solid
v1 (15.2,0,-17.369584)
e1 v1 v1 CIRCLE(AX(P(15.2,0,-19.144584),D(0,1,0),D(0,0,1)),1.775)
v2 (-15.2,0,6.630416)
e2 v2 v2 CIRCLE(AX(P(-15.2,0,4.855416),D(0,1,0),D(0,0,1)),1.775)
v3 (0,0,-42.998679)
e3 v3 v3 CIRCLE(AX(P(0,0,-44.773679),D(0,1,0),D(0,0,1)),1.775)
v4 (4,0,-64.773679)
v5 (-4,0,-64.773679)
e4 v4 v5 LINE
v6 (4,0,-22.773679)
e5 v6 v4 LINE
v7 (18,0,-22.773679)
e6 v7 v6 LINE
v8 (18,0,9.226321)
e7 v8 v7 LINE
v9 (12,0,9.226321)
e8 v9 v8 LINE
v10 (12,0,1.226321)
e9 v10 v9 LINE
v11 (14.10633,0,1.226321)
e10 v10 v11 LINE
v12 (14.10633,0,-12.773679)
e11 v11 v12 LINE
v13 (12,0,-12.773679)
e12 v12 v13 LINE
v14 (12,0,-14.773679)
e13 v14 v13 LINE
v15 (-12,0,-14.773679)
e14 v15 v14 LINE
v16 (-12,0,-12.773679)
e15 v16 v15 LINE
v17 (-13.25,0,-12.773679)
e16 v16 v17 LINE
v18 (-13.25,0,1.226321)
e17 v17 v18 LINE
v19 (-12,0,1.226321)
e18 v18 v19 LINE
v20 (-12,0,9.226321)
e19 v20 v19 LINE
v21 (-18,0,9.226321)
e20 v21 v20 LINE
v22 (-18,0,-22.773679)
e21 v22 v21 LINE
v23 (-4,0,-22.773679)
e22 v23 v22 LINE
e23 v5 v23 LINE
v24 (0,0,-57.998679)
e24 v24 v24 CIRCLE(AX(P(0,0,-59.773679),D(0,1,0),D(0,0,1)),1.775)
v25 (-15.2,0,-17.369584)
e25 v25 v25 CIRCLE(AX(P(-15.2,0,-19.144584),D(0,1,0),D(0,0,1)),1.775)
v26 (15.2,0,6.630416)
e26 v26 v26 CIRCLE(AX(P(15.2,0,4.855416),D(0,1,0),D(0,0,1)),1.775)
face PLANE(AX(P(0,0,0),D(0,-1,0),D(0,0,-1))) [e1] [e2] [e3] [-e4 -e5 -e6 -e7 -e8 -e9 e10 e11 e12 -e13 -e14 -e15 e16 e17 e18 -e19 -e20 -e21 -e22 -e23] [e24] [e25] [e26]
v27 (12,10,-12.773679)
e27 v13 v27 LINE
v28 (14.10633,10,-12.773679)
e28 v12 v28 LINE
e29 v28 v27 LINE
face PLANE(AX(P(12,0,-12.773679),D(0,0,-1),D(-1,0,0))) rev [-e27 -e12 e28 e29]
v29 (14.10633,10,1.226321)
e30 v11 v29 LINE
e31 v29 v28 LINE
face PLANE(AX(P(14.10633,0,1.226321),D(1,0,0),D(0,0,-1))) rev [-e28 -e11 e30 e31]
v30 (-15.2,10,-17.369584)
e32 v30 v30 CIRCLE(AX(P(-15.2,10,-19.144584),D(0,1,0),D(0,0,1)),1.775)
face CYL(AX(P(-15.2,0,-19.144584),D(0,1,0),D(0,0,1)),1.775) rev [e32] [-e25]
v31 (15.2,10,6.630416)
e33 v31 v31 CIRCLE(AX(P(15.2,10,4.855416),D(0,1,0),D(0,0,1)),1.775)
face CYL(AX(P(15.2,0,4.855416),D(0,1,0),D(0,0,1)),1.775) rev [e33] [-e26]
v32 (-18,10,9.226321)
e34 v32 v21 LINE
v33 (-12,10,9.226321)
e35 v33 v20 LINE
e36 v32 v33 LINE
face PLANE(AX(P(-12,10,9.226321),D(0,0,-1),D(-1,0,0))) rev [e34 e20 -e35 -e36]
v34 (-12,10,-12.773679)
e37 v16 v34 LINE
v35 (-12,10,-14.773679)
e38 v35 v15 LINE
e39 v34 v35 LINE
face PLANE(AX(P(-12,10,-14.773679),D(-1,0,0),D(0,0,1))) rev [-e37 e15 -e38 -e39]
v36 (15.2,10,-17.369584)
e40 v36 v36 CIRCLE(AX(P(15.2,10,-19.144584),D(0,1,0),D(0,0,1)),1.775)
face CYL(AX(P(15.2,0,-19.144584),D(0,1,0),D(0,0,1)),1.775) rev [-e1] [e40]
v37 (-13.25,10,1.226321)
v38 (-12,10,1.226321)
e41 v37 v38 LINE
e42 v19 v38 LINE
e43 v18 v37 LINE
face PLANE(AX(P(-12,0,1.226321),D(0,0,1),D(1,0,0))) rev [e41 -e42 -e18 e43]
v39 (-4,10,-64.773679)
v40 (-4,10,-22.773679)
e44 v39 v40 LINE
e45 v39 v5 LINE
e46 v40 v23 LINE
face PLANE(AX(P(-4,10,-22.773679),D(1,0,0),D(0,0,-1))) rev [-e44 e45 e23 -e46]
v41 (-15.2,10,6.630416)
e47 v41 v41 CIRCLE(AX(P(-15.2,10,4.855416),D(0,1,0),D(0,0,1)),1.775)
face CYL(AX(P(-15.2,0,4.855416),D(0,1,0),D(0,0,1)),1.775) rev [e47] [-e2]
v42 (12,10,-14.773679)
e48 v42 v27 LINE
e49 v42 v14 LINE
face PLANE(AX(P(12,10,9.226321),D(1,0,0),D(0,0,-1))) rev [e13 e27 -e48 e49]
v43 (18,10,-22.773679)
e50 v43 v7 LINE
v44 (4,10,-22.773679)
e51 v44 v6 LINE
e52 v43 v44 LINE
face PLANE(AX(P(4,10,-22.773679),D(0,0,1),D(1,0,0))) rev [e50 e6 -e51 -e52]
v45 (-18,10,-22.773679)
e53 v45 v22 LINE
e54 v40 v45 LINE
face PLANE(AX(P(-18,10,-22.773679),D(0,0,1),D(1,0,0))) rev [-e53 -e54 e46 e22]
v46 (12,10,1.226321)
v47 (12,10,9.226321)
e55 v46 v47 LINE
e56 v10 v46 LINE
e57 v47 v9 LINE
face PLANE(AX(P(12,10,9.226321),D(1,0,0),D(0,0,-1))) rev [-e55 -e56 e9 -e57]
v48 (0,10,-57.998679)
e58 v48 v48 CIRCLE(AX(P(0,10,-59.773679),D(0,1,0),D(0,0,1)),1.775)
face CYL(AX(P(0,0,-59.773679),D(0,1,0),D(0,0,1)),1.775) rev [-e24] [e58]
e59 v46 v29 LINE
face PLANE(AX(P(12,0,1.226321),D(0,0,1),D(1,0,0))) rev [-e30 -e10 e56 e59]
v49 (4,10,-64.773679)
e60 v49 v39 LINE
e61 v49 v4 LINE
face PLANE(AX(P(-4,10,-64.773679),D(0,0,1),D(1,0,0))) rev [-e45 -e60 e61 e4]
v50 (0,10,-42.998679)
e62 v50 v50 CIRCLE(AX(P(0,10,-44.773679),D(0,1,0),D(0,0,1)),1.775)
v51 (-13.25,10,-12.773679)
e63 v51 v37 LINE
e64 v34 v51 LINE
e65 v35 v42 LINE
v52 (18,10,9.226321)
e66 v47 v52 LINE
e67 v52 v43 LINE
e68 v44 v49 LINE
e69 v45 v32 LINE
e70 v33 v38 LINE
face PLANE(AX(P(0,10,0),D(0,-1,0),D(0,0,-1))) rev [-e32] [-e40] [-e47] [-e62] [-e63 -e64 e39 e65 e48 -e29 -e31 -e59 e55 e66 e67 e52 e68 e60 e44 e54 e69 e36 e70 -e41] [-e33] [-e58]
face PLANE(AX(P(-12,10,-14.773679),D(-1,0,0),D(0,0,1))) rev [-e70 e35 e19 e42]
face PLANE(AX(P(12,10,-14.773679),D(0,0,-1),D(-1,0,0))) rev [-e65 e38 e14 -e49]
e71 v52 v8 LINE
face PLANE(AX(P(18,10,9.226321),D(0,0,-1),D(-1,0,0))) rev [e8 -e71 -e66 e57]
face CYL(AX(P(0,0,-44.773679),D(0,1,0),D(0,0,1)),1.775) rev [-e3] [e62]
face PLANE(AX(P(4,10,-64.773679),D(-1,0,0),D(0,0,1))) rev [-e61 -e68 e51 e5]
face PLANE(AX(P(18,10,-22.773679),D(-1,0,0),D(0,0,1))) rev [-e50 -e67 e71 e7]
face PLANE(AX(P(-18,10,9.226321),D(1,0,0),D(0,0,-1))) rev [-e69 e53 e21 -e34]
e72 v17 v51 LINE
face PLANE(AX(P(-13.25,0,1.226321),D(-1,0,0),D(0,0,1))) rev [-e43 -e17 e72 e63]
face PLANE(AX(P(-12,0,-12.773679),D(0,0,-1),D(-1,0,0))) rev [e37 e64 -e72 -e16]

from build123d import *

# Parameters (mm, degrees)
BOSS_EXTRUDE1_DEPTH = 10
SKETCH2_R           = 1.775
CUT_EXTRUDE1_DEPTH  = 68.967856728
SKETCH3_R           = 1.775
CUT_EXTRUDE2_DEPTH  = 68.967856728
SKETCH4_W           = 1.25
SKETCH4_H           = 14
SKETCH4_W_2         = 2.106329952
CUT_EXTRUDE3_DEPTH  = 68.967856728


with BuildPart() as part:
    # Sketch1 → Boss-Extrude1 (new body)
    with BuildSketch(Plane(origin=(0, 0, 0), x_dir=(1, 0, 0), z_dir=(0, 1, 0))):
        Polygon((-4, 64.77367944), (4, 64.77367944), (4, 22.77367944), (18, 22.77367944), (18, -9.22632056), (12, -9.22632056), (12, 14.77367944), (-12, 14.77367944), (-12, -9.22632056), (-18, -9.22632056), (-18, 22.77367944), (-4, 22.77367944), align=None)
    extrude(amount=BOSS_EXTRUDE1_DEPTH)

    # Sketch2 → Cut-Extrude1 (cut, through all)
    with BuildSketch(Plane(origin=(0, 10, 0), x_dir=(1, 0, 0), z_dir=(0, 1, 0))):
        with Locations(Location((0, 44.77367944, 0), (0, 0, 270))):
            Circle(SKETCH2_R)
        with Locations(Location((0, 59.77367944, 0), (0, 0, 270))):
            Circle(SKETCH2_R)
    extrude(amount=-CUT_EXTRUDE1_DEPTH, mode=Mode.SUBTRACT)

    # Sketch3 → Cut-Extrude2 (cut, through all)
    with BuildSketch(Plane(origin=(0, 10, 0), x_dir=(1, 0, 0), z_dir=(0, 1, 0))):
        with Locations(Location((-15.2, -4.855416268, 0), (0, 0, 270))):
            Circle(SKETCH3_R)
        with Locations(Location((15.2, -4.855416268, 0), (0, 0, 270))):
            Circle(SKETCH3_R)
        with Locations(Location((-15.2, 19.144583732, 0), (0, 0, 270))):
            Circle(SKETCH3_R)
        with Locations(Location((15.2, 19.144583732, 0), (0, 0, 270))):
            Circle(SKETCH3_R)
    extrude(amount=-CUT_EXTRUDE2_DEPTH, mode=Mode.SUBTRACT)

    # Sketch4 → Cut-Extrude3 (cut, through all)
    with BuildSketch(Plane(origin=(0, 10, 0), x_dir=(1, 0, 0), z_dir=(0, 1, 0))):
        with Locations((-12.625, 5.77367944)):
            Rectangle(SKETCH4_W, SKETCH4_H)
        with Locations((13.053164976, 5.77367944)):
            Rectangle(SKETCH4_W_2, SKETCH4_H)
    extrude(amount=-CUT_EXTRUDE3_DEPTH, mode=Mode.SUBTRACT)


solid = part.part
